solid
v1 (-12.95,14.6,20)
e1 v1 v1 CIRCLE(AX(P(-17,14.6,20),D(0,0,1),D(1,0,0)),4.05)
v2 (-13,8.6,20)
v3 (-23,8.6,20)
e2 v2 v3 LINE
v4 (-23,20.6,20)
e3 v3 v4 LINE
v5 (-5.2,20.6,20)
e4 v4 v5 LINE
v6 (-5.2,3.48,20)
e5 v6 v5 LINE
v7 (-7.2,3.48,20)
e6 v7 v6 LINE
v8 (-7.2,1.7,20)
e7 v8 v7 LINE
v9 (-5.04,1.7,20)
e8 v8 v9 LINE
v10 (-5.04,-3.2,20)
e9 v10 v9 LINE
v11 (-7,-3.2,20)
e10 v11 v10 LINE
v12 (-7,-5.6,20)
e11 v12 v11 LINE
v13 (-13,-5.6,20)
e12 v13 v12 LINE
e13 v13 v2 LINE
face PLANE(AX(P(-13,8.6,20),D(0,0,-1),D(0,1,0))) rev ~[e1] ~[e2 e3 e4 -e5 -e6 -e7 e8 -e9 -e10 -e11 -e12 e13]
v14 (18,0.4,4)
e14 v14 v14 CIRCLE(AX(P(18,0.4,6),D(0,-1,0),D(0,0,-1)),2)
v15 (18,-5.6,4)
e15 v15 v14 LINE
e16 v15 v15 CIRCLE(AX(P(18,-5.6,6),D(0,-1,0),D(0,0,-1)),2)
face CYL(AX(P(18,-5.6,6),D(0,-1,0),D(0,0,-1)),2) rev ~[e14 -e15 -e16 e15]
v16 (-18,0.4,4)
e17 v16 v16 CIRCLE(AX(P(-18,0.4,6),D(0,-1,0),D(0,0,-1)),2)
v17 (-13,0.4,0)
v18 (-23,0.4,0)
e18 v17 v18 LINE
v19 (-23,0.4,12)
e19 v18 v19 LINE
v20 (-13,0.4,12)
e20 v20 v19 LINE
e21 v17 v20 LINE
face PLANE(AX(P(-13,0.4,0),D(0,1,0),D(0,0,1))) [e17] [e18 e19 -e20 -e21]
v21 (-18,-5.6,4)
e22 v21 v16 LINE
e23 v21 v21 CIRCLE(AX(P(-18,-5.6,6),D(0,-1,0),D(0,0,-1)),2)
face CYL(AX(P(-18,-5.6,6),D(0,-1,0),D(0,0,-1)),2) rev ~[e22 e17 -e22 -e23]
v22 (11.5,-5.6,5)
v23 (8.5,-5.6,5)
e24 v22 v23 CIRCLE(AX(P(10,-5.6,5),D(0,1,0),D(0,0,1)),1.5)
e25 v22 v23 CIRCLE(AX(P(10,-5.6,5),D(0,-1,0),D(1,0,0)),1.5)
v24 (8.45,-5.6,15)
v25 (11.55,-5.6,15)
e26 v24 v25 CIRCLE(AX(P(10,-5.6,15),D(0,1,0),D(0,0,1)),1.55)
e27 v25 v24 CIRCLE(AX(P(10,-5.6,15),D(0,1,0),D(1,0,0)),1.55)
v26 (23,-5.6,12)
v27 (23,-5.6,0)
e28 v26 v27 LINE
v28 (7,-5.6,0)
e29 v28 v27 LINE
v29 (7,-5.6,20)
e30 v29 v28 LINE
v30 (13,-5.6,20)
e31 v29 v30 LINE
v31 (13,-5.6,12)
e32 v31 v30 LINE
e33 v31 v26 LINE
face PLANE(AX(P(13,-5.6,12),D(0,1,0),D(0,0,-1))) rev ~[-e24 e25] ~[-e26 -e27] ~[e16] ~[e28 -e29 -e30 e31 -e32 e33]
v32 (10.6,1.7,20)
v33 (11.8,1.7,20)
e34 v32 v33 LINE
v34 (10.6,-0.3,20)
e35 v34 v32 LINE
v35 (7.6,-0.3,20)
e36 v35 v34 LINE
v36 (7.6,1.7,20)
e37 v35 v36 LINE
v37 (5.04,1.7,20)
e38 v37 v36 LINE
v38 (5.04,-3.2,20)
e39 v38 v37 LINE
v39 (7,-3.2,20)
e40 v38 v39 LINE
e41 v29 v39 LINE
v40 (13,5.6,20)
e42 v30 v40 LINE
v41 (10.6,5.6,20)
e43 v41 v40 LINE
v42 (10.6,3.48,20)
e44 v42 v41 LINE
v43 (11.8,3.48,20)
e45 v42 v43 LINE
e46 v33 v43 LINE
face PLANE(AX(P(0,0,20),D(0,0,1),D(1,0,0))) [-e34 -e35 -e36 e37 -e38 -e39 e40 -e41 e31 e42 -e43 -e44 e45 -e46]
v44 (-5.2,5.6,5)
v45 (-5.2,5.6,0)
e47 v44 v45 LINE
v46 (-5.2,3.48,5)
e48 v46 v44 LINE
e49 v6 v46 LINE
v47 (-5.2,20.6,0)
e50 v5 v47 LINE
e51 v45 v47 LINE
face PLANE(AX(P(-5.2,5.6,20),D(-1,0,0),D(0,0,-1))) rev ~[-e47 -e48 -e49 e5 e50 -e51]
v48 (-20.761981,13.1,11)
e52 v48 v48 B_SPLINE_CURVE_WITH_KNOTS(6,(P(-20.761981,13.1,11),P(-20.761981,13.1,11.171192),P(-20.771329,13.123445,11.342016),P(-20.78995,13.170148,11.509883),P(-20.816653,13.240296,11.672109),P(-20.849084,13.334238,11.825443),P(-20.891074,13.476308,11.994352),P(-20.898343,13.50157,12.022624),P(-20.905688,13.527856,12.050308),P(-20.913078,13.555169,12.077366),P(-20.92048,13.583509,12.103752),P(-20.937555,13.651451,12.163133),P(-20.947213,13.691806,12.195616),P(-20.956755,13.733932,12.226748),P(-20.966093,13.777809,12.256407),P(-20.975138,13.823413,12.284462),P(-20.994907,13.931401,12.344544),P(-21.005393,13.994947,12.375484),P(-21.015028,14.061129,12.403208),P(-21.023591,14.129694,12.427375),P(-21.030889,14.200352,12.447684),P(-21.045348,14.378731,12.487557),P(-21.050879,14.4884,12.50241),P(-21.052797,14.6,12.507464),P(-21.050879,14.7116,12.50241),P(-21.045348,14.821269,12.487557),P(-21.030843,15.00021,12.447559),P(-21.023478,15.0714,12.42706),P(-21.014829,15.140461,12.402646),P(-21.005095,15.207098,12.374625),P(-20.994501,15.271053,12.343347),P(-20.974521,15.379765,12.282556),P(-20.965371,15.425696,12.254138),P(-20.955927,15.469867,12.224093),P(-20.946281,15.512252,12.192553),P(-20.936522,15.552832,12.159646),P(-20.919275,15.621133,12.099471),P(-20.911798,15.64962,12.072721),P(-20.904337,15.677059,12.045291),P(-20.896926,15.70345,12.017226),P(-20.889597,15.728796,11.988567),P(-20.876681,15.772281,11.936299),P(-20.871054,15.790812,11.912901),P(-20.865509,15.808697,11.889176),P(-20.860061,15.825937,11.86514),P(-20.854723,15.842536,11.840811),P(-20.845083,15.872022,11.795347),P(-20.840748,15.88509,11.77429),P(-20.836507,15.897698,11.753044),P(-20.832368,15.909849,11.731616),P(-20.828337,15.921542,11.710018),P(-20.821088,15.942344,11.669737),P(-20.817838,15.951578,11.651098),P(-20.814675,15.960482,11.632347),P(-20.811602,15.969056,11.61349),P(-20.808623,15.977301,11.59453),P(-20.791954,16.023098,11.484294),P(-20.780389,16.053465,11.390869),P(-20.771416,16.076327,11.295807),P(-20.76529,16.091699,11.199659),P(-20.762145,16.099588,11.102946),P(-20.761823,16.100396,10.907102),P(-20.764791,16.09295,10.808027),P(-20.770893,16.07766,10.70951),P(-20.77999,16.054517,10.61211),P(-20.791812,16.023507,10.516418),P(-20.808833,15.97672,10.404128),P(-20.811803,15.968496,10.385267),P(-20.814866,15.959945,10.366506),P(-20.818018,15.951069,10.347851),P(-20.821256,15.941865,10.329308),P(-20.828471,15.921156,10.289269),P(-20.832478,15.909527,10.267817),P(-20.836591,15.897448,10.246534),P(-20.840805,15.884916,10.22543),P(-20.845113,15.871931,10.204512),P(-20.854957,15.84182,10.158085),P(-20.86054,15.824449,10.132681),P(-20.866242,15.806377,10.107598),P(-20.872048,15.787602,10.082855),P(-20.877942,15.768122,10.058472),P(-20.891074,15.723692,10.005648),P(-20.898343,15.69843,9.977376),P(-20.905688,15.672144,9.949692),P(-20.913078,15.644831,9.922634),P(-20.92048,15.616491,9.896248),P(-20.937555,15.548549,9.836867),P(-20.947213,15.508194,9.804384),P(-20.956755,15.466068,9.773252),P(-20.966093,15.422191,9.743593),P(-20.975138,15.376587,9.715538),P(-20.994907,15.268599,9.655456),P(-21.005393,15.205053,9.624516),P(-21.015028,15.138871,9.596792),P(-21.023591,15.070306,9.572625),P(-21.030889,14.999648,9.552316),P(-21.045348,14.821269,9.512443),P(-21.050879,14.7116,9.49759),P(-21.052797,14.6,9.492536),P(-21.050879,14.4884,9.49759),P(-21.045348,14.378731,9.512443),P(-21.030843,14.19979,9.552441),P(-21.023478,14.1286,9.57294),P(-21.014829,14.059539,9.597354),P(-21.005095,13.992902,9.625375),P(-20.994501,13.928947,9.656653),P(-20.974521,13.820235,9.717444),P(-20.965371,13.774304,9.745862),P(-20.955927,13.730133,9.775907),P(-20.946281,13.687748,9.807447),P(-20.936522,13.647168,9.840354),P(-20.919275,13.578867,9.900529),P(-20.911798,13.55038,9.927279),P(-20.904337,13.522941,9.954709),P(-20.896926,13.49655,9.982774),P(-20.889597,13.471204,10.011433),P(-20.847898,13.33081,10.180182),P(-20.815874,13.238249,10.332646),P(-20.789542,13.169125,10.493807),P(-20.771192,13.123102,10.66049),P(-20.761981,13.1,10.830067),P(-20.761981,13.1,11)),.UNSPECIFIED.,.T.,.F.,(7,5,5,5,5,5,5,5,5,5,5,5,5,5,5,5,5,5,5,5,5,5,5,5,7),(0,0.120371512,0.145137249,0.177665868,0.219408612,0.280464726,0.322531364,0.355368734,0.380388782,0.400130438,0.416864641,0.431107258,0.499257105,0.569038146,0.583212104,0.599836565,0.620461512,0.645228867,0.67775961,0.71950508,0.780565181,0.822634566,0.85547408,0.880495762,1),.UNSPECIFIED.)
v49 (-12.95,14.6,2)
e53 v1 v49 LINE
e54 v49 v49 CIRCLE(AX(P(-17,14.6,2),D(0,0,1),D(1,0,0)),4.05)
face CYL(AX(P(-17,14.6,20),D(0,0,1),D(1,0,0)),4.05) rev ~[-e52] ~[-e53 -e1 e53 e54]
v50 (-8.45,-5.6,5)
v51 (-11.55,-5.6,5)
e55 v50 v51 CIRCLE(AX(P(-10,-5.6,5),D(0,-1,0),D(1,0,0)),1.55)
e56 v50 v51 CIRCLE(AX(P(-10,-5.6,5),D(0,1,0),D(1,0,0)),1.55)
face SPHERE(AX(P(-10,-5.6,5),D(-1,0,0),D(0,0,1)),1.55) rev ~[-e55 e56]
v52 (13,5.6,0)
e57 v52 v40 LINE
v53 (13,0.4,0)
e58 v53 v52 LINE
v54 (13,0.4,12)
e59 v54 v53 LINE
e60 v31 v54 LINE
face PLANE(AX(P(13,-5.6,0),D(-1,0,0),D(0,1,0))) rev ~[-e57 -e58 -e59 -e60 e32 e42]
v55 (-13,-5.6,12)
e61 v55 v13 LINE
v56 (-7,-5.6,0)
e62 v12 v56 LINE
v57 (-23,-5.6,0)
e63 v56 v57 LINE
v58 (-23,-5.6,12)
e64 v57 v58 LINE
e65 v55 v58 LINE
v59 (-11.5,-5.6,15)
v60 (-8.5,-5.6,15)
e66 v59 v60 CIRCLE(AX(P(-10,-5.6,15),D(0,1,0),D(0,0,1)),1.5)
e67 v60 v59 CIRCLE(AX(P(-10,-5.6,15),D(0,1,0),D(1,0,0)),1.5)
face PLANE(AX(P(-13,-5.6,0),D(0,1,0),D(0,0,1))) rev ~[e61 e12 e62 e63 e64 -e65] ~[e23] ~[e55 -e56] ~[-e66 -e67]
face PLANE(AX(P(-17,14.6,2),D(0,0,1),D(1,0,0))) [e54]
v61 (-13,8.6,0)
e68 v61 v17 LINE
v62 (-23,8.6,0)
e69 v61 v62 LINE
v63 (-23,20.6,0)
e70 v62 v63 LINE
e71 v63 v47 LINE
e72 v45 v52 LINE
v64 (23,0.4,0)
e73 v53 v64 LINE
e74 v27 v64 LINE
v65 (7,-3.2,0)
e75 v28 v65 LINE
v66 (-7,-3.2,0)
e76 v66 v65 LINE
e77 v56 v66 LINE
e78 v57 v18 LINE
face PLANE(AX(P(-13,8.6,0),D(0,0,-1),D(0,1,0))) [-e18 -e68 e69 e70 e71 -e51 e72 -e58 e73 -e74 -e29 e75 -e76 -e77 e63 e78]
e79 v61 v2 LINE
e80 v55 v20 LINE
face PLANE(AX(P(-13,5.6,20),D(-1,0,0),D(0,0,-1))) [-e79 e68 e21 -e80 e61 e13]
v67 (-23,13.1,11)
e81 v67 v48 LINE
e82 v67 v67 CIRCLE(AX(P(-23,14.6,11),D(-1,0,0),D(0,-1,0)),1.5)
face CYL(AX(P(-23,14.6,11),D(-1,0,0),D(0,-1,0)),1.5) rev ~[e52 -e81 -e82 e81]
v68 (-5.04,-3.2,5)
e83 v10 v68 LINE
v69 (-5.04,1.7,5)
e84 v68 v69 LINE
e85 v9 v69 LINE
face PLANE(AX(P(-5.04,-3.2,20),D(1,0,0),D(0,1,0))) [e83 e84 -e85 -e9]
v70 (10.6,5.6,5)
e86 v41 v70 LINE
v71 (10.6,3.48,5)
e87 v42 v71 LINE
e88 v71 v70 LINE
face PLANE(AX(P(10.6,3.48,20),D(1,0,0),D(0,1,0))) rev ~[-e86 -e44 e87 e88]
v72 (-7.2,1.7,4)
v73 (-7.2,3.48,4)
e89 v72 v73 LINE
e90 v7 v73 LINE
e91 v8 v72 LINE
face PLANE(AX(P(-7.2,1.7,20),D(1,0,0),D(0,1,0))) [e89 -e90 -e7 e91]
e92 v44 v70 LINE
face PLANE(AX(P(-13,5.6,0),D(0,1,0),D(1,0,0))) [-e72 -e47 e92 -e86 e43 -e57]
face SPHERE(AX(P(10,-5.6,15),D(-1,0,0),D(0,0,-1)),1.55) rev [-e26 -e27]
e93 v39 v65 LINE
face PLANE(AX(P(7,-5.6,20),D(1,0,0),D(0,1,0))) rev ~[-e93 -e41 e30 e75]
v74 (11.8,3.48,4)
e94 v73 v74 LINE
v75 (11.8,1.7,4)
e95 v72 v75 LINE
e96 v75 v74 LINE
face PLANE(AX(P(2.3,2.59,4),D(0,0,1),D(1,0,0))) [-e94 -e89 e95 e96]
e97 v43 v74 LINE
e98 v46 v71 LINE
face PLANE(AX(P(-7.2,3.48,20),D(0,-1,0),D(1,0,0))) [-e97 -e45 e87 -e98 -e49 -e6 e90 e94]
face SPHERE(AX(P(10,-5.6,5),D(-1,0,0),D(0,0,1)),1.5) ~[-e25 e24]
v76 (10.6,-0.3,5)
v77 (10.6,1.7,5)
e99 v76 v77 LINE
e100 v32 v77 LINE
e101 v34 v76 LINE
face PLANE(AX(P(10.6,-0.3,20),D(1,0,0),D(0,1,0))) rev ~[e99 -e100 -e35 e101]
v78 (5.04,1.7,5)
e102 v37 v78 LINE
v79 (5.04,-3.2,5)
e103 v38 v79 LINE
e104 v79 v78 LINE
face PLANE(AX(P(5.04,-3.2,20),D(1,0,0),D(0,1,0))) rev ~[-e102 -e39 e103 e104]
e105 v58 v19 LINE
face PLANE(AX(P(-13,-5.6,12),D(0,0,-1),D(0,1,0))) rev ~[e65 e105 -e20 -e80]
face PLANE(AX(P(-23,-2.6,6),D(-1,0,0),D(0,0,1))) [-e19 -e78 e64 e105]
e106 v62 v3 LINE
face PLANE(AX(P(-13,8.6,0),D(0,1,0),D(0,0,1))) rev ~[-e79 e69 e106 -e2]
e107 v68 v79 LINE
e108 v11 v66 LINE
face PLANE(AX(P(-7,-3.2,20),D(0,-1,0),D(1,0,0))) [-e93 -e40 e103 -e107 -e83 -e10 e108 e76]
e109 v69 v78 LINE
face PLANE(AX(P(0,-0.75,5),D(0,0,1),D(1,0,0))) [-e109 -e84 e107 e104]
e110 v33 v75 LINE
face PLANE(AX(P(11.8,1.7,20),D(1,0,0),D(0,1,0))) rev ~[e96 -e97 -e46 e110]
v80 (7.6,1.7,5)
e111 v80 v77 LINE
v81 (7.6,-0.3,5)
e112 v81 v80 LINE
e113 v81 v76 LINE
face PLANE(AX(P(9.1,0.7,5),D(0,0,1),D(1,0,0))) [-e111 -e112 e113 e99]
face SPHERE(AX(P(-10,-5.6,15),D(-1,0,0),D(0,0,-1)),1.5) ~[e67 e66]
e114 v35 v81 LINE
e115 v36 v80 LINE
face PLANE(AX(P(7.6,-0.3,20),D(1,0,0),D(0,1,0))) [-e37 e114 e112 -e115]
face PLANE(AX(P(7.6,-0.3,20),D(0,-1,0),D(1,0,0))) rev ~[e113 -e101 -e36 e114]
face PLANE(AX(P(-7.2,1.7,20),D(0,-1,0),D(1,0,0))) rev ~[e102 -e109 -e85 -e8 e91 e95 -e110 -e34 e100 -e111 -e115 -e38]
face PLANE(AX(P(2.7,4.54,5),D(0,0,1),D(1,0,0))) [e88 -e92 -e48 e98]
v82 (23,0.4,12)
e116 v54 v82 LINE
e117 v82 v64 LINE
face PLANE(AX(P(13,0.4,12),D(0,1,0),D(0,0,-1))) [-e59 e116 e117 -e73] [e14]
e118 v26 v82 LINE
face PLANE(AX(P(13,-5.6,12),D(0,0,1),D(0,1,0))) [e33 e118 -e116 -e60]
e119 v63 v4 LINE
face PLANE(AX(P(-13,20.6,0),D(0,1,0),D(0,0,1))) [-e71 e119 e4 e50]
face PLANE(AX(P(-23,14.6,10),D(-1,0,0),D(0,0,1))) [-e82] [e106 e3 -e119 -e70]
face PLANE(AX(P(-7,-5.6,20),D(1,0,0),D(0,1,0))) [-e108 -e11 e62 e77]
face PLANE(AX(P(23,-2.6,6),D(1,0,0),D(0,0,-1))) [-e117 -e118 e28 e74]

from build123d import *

# Parameters (mm, degrees)
SKETCH2_W           = 26
SKETCH2_H           = 11.2
BOSS_EXTRUDE1_DEPTH = 20
SKETCH6_W           = 14
SKETCH6_H           = 2.4
CUT_EXTRUDE1_DEPTH  = 20
SKETCH7_W           = 10.08
SKETCH7_H           = 4.9
CUT_EXTRUDE2_DEPTH  = 15
SKETCH8_W           = 19
SKETCH8_H           = 1.78
CUT_EXTRUDE3_DEPTH  = 16
SKETCH9_W           = 15.8
SKETCH9_H           = 2.12
CUT_EXTRUDE4_DEPTH  = 15
SKETCH10_W          = 3
SKETCH10_H          = 2
CUT_EXTRUDE5_DEPTH  = 15
CUT_REVOLVE3_ANGLE  = 180
SKETCH15_W          = 12
SKETCH15_H          = 6
BOSS_EXTRUDE2_DEPTH = 10
SKETCH16_W          = 12
SKETCH16_H          = 6
BOSS_EXTRUDE3_DEPTH = 10
SKETCH17_R          = 2
CUT_EXTRUDE6_DEPTH  = 12
SKETCH18_R          = 2
CUT_EXTRUDE7_DEPTH  = 12
SKETCH19_W          = 7.8
SKETCH19_H          = 20
BOSS_EXTRUDE4_DEPTH = 15
SKETCH20_W          = 20
SKETCH20_H          = 12
BOSS_EXTRUDE5_DEPTH = 10
SKETCH21_R          = 4.05
CUT_EXTRUDE8_DEPTH  = 18
SKETCH22_R          = 1.5
CUT_EXTRUDE9_DEPTH  = 5


with BuildPart() as part:
    # Sketch2 → Boss-Extrude1 (new body)
    with BuildSketch(Plane.XY):
        Rectangle(SKETCH2_W, SKETCH2_H)
    extrude(amount=BOSS_EXTRUDE1_DEPTH)

    # Sketch6 → Cut-Extrude1 (cut)
    with BuildSketch(Plane.XY.offset(20)):
        with Locations((0, -4.4)):
            Rectangle(SKETCH6_W, SKETCH6_H)
    extrude(amount=-CUT_EXTRUDE1_DEPTH, mode=Mode.SUBTRACT)

    # Sketch7 → Cut-Extrude2 (cut)
    with BuildSketch(Plane.XY.offset(20)):
        with Locations((0, -0.75)):
            Rectangle(SKETCH7_W, SKETCH7_H)
    extrude(amount=-CUT_EXTRUDE2_DEPTH, mode=Mode.SUBTRACT)

    # Sketch8 → Cut-Extrude3 (cut)
    with BuildSketch(Plane.XY.offset(20)):
        with Locations((2.3, 2.59)):
            Rectangle(SKETCH8_W, SKETCH8_H)
    extrude(amount=-CUT_EXTRUDE3_DEPTH, mode=Mode.SUBTRACT)

    # Sketch9 → Cut-Extrude4 (cut)
    with BuildSketch(Plane.XY.offset(20)):
        with Locations((2.7, 4.54)):
            Rectangle(SKETCH9_W, SKETCH9_H)
    extrude(amount=-CUT_EXTRUDE4_DEPTH, mode=Mode.SUBTRACT)

    # Sketch10 → Cut-Extrude5 (cut)
    with BuildSketch(Plane.XY.offset(20)):
        with Locations((9.1, 0.7)):
            Rectangle(SKETCH10_W, SKETCH10_H)
    extrude(amount=-CUT_EXTRUDE5_DEPTH, mode=Mode.SUBTRACT)

    # Sketch11 → Cut-Revolve3 (revolve, cut)
    with BuildSketch(Plane.XZ.offset(5.6)):
        with BuildLine():
            Line((-11.55, 5), (-8.45, 5))
            ThreePointArc((-8.45, 5), (-10, 6.55), (-11.55, 5))
        make_face()
    revolve(axis=Axis((-11.55, -5.6, 5), (-1, 0, 0)), revolution_arc=CUT_REVOLVE3_ANGLE, mode=Mode.SUBTRACT)

    # Sketch12 → Revolve2 (revolve)
    with BuildSketch(Plane.XZ.offset(5.6)):
        with BuildLine():
            Line((-11.5, 15), (-8.5, 15))
            ThreePointArc((-8.5, 15), (-10, 13.5), (-11.5, 15))
        make_face()
    revolve(axis=Axis((-11.5, -5.6, 15), (1, 0, 0)))

    # Sketch14 → Cut-Revolve4 (revolve, cut)
    with BuildSketch(Plane.XZ.offset(5.6)):
        with BuildLine():
            Line((8.45, 15), (11.55, 15))
            ThreePointArc((11.55, 15), (10, 13.45), (8.45, 15))
        make_face()
    revolve(axis=Axis((8.45, -5.6, 15), (1, 0, 0)), mode=Mode.SUBTRACT)

    # Sketch13 → Revolve3 (revolve)
    with BuildSketch(Plane.XZ.offset(5.6)):
        with BuildLine():
            Line((8.5, 5), (11.5, 5))
            ThreePointArc((11.5, 5), (10, 6.5), (8.5, 5))
        make_face()
    revolve(axis=Axis((8.5, -5.6, 5), (1, 0, 0)))

    # Sketch15 → Boss-Extrude2 (add)
    with BuildSketch(Plane.ZY.offset(13)):
        with Locations((6, -2.6)):
            Rectangle(SKETCH15_W, SKETCH15_H)
    extrude(amount=BOSS_EXTRUDE2_DEPTH)

    # Sketch16 → Boss-Extrude3 (add)
    with BuildSketch(Plane(origin=(13, 0, 0), x_dir=(0, 0, -1), z_dir=(1, 0, 0))):
        with Locations((-6, -2.6)):
            Rectangle(SKETCH16_W, SKETCH16_H)
    extrude(amount=BOSS_EXTRUDE3_DEPTH)

    # Sketch17 → Cut-Extrude6 (cut)
    with BuildSketch(Plane.XZ.offset(5.6)):
        with Locations(Location((-18, 6, 0), (0, 0, 270))):
            Circle(SKETCH17_R)
    extrude(amount=-CUT_EXTRUDE6_DEPTH, mode=Mode.SUBTRACT)

    # Sketch18 → Cut-Extrude7 (cut)
    with BuildSketch(Plane.XZ.offset(5.6)):
        with Locations(Location((18, 6, 0), (0, 0, 270))):
            Circle(SKETCH18_R)
    extrude(amount=-CUT_EXTRUDE7_DEPTH, mode=Mode.SUBTRACT)

    # Sketch19 → Boss-Extrude4 (add)
    with BuildSketch(Plane(origin=(0, 5.6, 0), x_dir=(1, 0, 0), z_dir=(0, 1, 0))):
        with Locations((-9.1, -10)):
            Rectangle(SKETCH19_W, SKETCH19_H)
    extrude(amount=BOSS_EXTRUDE4_DEPTH)

    # Sketch20 → Boss-Extrude5 (add)
    with BuildSketch(Plane.ZY.offset(13)):
        with Locations((10, 14.6)):
            Rectangle(SKETCH20_W, SKETCH20_H)
    extrude(amount=BOSS_EXTRUDE5_DEPTH)

    # Sketch21 → Cut-Extrude8 (cut)
    with BuildSketch(Plane.XY.offset(20)):
        with Locations((-17, 14.6)):
            Circle(SKETCH21_R)
    extrude(amount=-CUT_EXTRUDE8_DEPTH, mode=Mode.SUBTRACT)

    # Sketch22 → Cut-Extrude9 (cut)
    with BuildSketch(Plane.ZY.offset(23)):
        with Locations(Location((11, 14.6, 0), (0, 0, 270))):
            Circle(SKETCH22_R)
    extrude(amount=-CUT_EXTRUDE9_DEPTH, mode=Mode.SUBTRACT)


solid = part.part
